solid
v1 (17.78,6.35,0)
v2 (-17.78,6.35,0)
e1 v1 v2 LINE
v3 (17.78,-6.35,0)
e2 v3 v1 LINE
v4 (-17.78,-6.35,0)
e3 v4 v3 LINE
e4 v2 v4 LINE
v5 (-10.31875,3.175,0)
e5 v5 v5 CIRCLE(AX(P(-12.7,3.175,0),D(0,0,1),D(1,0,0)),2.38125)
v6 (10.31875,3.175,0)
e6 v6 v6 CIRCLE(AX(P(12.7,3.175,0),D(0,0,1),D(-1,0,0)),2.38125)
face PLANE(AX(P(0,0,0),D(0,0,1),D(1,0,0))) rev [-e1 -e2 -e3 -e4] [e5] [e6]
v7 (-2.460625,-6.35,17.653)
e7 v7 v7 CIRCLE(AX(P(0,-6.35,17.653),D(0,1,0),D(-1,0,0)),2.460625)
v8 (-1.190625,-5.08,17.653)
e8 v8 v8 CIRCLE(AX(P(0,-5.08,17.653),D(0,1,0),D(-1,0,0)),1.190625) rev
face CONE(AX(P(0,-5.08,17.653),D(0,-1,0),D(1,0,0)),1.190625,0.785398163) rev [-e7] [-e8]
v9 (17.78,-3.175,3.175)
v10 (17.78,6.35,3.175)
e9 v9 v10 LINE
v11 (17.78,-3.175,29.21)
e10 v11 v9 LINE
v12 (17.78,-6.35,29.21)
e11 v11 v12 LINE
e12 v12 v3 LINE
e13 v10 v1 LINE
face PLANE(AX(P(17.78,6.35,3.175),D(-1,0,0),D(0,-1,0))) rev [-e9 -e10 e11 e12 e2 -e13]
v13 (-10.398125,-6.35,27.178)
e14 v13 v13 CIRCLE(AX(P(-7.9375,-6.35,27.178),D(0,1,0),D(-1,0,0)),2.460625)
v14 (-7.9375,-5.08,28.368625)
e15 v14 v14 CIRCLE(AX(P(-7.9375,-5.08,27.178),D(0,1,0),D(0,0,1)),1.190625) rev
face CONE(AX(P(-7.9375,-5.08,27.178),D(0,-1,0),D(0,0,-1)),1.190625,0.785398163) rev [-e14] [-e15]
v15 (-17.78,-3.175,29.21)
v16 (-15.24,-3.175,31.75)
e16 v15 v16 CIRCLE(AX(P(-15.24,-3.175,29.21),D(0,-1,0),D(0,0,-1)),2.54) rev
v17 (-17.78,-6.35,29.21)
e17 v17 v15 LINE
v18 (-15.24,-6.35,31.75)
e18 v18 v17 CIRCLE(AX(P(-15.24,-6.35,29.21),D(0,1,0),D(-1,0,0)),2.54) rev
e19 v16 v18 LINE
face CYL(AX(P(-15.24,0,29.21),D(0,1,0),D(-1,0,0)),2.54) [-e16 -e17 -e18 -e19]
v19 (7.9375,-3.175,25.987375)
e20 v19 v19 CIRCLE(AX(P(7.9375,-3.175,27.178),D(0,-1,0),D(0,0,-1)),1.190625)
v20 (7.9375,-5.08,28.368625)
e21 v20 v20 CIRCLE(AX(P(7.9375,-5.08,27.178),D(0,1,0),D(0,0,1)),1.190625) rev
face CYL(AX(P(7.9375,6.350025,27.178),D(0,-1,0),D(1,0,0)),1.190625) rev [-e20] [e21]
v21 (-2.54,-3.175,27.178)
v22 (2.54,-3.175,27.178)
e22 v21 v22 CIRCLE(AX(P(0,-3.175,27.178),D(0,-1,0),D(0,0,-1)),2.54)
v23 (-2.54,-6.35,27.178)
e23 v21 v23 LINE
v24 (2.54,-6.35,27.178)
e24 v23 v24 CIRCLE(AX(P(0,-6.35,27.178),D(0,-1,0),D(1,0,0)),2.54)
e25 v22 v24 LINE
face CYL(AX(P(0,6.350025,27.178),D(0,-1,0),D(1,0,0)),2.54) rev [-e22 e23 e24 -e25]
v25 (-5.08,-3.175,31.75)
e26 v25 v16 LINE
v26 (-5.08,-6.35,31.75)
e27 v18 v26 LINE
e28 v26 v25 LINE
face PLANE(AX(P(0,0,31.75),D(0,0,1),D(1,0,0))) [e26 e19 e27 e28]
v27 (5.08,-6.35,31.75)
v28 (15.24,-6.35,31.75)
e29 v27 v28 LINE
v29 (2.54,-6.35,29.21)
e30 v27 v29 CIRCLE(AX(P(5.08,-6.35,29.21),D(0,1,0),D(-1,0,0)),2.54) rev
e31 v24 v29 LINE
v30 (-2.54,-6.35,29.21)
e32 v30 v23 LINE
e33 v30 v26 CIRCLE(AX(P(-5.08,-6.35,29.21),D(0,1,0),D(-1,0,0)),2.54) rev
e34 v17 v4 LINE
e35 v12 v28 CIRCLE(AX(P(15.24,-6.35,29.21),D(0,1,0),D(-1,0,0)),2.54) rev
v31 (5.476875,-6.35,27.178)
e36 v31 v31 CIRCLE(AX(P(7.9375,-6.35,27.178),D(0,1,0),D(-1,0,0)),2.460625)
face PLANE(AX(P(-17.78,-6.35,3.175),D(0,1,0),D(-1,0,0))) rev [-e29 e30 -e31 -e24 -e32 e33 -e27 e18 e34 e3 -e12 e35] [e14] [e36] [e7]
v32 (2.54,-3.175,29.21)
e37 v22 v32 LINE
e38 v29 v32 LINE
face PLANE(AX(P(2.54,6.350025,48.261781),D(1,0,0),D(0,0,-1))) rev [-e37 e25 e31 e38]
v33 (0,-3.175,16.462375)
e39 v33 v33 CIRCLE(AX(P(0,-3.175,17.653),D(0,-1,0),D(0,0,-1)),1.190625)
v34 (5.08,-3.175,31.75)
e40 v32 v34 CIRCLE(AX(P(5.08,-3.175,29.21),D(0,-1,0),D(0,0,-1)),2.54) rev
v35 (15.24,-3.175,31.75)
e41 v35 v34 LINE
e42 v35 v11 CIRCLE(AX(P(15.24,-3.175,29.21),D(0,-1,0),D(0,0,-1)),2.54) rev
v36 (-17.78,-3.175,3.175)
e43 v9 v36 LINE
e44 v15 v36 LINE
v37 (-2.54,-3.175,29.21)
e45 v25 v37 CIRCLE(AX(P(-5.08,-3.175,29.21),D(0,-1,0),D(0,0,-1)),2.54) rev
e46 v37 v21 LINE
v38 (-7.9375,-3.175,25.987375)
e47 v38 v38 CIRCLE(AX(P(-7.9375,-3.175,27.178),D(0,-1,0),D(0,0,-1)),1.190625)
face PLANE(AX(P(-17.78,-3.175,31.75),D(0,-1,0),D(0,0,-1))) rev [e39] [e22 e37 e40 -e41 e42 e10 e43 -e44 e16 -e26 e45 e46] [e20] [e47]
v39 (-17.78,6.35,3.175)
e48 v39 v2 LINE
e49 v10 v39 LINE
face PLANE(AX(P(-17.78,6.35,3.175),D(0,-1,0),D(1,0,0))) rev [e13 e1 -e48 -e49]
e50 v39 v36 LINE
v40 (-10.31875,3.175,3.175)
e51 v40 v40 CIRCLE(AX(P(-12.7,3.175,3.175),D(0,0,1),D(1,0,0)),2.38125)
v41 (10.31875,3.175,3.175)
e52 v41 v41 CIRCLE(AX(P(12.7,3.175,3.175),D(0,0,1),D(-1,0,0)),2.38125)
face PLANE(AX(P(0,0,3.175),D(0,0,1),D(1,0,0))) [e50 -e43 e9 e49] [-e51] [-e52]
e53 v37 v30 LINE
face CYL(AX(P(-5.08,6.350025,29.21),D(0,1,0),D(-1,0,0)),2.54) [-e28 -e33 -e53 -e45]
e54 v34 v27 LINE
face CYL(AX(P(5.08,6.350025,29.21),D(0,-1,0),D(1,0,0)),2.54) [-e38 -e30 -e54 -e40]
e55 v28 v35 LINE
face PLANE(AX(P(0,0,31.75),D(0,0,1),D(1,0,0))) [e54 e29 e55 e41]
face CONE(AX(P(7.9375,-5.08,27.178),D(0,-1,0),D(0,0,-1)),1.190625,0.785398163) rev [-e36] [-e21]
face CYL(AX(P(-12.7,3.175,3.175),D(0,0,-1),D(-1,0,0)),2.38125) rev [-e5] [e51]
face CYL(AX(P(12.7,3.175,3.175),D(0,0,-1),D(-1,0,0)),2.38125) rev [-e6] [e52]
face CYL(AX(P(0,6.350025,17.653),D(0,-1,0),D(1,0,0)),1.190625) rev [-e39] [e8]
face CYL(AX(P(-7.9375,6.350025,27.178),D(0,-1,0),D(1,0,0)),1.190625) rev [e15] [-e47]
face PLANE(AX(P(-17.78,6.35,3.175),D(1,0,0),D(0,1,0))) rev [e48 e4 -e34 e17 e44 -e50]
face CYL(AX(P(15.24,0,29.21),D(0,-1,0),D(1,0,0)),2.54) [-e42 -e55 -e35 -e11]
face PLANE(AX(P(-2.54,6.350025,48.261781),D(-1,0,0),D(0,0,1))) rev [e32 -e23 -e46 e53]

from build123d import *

# Parameters (mm, degrees)
SKETCH1_W           = 35.56
SKETCH1_H           = 12.7
SKETCH1_R           = 2.38125
BOSS_EXTRUDE1_DEPTH = 3.175
SKETCH7_W           = 35.56
SKETCH7_H           = 3.175
BOSS_EXTRUDE3_DEPTH = 28.575
SKETCH11_R          = 1.190625
CUT_EXTRUDE1_DEPTH  = 13.7
FILLET1_R           = 2.54
CHAMFER2_SIZE       = 1.27


with BuildPart() as part:
    # Sketch1 → Boss-Extrude1 (new body)
    with BuildSketch(Plane.XY):
        Rectangle(SKETCH1_W, SKETCH1_H)
        with Locations((-12.7, 3.175)):
            Circle(SKETCH1_R, mode=Mode.SUBTRACT)
        with Locations((12.7, 3.175)):
            Circle(SKETCH1_R, mode=Mode.SUBTRACT)
    extrude(amount=BOSS_EXTRUDE1_DEPTH)

    # Sketch7 → Boss-Extrude3 (add)
    with BuildSketch(Plane.XY.offset(3.175)):
        with Locations((0, -4.7625)):
            Rectangle(SKETCH7_W, SKETCH7_H)
    extrude(amount=BOSS_EXTRUDE3_DEPTH)

    # Sketch11 → Cut-Extrude1 (cut, through all)
    with BuildSketch(Plane.XZ.offset(6.35)):
        with Locations((-7.9375, 27.178)):
            Circle(SKETCH11_R)
        with Locations((7.9375, 27.178)):
            Circle(SKETCH11_R)
        with Locations((0, 17.653)):
            Circle(SKETCH11_R)
        with BuildLine():
            Line((-2.54, 48.261780908), (2.54, 48.261780908))
            Line((2.54, 48.261780908), (2.54, 27.178))
            ThreePointArc((2.54, 27.178), (0, 24.638), (-2.54, 27.178))
            Line((-2.54, 27.178), (-2.54, 48.261780908))
        make_face()
    extrude(amount=-CUT_EXTRUDE1_DEPTH, mode=Mode.SUBTRACT)

    # Fillet1
    fillet1_edges = [part.edges().sort_by_distance(p)[0] for p in [
        (-17.78, -4.7625, 31.75),
        (17.78, -4.7625, 31.75),
        (2.54, -4.7625, 31.75),
        (-2.54, -4.7625, 31.75),
    ]]
    fillet(fillet1_edges, radius=FILLET1_R)

    # Chamfer2
    chamfer2_edges = [part.edges().sort_by_distance(p)[0] for p in [
        (-9.128125, -6.35, 27.178),
        (6.746875, -6.35, 27.178),
        (-1.190625, -6.35, 17.653),
    ]]
    chamfer(chamfer2_edges, length=CHAMFER2_SIZE)


solid = part.part
